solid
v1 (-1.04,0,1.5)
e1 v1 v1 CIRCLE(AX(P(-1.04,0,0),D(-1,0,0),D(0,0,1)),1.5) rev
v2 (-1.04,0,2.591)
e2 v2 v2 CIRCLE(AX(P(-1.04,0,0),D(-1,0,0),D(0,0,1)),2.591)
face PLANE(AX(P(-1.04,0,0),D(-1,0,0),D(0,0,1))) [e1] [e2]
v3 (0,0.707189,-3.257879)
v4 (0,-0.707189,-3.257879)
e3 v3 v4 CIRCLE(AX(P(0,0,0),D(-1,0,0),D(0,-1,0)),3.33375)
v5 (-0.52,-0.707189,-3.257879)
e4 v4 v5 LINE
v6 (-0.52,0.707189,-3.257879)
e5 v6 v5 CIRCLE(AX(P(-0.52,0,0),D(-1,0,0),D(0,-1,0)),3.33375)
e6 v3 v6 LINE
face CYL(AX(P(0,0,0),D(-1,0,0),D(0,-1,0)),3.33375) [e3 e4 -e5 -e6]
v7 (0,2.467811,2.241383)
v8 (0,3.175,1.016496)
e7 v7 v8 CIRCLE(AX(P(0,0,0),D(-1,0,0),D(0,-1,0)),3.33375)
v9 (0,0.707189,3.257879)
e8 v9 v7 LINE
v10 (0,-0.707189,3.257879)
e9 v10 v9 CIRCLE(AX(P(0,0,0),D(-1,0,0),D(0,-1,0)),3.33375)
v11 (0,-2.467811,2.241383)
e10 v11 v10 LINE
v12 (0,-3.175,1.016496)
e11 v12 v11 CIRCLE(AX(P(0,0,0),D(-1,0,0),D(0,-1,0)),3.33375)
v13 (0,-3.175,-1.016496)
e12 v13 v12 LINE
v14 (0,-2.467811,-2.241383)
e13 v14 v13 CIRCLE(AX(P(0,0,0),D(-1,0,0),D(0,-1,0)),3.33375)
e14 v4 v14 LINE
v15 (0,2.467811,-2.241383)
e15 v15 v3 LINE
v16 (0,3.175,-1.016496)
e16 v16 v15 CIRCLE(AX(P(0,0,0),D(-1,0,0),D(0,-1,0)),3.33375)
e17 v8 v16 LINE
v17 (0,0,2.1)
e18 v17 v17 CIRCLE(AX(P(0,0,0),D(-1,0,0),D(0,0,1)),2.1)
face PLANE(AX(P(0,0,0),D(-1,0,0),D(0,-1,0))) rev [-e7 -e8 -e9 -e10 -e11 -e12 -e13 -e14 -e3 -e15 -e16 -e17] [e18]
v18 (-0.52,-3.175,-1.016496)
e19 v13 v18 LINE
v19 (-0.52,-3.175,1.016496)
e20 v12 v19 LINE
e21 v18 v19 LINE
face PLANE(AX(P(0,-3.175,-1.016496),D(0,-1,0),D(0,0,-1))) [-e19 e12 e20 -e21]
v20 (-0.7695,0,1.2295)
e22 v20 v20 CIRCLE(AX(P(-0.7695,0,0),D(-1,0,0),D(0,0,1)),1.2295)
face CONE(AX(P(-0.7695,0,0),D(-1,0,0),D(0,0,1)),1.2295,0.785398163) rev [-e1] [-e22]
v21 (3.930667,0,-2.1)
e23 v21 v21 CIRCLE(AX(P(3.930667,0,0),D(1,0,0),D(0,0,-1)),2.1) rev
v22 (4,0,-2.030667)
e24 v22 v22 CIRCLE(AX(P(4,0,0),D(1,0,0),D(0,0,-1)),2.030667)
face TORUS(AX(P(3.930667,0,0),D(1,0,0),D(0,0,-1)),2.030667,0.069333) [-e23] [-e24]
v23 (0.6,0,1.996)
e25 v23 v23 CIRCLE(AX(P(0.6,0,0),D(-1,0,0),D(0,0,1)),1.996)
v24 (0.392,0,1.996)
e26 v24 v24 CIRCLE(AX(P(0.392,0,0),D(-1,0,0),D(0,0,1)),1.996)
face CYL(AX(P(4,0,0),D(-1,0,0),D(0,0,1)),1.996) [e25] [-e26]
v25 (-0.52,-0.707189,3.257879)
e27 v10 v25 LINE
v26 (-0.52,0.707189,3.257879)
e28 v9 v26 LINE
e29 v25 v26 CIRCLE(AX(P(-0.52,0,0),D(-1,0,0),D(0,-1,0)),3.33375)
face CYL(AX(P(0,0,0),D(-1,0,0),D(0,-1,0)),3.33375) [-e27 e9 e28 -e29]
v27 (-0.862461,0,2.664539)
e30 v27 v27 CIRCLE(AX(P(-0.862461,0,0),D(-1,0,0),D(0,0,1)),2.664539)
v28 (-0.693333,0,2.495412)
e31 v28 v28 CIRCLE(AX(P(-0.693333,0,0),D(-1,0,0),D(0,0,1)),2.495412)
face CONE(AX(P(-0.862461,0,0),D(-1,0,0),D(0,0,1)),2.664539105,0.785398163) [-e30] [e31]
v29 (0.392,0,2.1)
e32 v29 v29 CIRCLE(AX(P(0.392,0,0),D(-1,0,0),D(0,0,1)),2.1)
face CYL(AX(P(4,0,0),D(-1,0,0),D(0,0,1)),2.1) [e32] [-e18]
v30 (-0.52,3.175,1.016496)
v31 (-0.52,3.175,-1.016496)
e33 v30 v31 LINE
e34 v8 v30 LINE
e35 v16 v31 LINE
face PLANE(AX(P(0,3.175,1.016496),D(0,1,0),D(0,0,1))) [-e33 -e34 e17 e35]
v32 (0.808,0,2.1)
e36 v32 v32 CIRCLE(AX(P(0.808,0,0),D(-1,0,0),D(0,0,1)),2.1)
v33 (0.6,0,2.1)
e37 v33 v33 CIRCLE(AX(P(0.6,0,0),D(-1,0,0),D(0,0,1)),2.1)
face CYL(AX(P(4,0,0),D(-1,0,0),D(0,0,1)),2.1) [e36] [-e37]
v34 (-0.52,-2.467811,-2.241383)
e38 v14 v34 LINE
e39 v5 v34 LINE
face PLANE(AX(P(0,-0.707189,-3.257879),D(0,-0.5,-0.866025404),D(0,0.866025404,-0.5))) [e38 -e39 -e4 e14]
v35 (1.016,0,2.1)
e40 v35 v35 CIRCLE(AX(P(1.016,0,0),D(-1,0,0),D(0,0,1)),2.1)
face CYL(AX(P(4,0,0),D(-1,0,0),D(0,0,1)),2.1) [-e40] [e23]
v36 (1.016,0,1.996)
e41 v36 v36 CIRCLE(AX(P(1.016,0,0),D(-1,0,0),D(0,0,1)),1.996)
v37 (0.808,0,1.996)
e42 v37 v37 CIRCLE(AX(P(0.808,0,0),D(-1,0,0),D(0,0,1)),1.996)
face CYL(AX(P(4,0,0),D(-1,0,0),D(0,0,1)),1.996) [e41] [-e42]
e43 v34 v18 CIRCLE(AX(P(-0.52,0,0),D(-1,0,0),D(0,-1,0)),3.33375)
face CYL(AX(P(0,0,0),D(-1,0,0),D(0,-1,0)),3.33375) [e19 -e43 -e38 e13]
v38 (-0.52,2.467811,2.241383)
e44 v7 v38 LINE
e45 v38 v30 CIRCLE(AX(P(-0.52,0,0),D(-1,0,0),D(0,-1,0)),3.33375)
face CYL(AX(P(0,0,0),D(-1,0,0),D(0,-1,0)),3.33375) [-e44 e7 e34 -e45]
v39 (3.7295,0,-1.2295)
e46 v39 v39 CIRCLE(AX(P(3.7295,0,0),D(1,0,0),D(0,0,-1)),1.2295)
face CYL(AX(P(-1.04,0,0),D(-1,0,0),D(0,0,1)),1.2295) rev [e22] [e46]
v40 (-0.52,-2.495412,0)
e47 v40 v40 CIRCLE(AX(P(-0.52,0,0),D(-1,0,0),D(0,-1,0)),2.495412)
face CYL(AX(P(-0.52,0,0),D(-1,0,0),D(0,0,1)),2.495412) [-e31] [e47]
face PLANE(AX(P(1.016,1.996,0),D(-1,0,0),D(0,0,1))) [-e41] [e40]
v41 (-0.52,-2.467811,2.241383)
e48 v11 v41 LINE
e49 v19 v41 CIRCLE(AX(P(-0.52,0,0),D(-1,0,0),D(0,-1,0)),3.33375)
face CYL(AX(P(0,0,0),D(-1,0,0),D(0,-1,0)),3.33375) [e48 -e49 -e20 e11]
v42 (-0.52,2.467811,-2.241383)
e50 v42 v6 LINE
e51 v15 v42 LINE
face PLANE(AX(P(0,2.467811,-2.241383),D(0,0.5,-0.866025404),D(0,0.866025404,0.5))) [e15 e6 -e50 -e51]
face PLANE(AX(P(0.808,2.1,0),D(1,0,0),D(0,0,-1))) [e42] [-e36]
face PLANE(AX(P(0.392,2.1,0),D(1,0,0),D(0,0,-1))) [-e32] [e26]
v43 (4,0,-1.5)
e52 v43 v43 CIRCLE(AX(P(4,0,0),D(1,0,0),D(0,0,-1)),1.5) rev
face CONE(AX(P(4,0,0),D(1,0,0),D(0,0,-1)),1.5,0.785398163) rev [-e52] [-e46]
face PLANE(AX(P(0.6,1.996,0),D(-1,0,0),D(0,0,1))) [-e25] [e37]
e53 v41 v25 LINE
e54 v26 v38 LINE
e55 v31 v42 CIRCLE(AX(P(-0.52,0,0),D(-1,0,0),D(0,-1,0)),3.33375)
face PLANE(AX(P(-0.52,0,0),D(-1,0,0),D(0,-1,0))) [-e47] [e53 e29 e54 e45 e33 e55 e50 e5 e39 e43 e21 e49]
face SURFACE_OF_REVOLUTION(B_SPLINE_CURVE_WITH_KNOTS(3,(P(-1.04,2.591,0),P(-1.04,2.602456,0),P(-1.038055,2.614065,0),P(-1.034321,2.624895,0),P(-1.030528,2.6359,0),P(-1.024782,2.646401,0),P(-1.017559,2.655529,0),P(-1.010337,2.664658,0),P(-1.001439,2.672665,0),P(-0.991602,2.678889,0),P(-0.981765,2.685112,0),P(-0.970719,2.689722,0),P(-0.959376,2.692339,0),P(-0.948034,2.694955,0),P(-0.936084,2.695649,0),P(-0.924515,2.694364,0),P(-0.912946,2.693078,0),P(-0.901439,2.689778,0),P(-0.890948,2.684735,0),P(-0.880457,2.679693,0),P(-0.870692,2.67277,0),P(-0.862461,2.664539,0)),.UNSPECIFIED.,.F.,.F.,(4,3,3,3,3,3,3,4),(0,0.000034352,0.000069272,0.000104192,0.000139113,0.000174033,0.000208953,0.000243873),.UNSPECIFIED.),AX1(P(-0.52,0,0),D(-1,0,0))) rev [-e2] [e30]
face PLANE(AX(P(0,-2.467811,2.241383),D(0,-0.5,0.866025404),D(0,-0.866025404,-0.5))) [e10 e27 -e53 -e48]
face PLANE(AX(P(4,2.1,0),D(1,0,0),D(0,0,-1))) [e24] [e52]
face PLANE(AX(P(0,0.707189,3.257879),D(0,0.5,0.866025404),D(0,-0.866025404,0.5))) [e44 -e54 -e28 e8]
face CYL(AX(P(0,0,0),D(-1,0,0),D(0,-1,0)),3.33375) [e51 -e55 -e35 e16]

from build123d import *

# Parameters (mm, degrees)
BOSS_EXTRUDE1_DEPTH      = 0.52
M2_CLEARANCE_HOLE1_D     = 2.459
M2_CLEARANCE_HOLE1_DEPTH = 5.04
CHAMFER1_SIZE            = 0.2705
FILLET1_R                = 0.069333333


with BuildPart() as part:
    # Sketch1 → Boss-Extrude1 (new body)
    with BuildSketch(Plane(origin=(-0.52, 0, 0), x_dir=(0, -1, 0), z_dir=(-1, 0, 0))):
        with BuildLine():
            Line((-3.175, 1.016495973), (-3.175, -1.016495973))
            ThreePointArc((-3.175, -1.016495973), (-2.88711219, -1.666875), (-2.467811335, -2.241382671))
            Line((-2.467811335, -2.241382671), (-0.707188665, -3.257878643))
            ThreePointArc((-0.707188665, -3.257878643), (0, -3.33375), (0.707188665, -3.257878643))
            Line((0.707188665, -3.257878643), (2.467811335, -2.241382671))
            ThreePointArc((2.467811335, -2.241382671), (2.88711219, -1.666875), (3.175, -1.016495973))
            Line((3.175, -1.016495973), (3.175, 1.016495973))
            ThreePointArc((3.175, 1.016495973), (2.88711219, 1.666875), (2.467811335, 2.241382671))
            Line((2.467811335, 2.241382671), (0.707188665, 3.257878643))
            ThreePointArc((0.707188665, 3.257878643), (0, 3.33375), (-0.707188665, 3.257878643))
            Line((-0.707188665, 3.257878643), (-2.467811335, 2.241382671))
            ThreePointArc((-2.467811335, 2.241382671), (-2.88711219, 1.666875), (-3.175, 1.016495973))
        make_face()
    extrude(amount=-BOSS_EXTRUDE1_DEPTH)

    # Sketch2 → Revolve1 (revolve)
    with BuildSketch(Plane(origin=(0, 0, 0), x_dir=(-1, 0, 0), z_dir=(0, 0, -1))):
        with BuildLine():
            Line((0.52, 2.495411544), (0.52, 0))
            Line((0.52, 0), (1.04, 0))
            Line((1.04, 0), (1.04, 2.591))
            add(Edge.make_bspline(
                [(0.862460895, 2.664539105), (0.87069167, 2.672769881), (0.880457009, 2.679693108), (0.890948238, 2.684735472), (0.901439467, 2.689777836), (0.912945949, 2.693078411), (0.924514825, 2.694363876), (0.936083702, 2.69564934), (0.948034058, 2.694955148), (0.959376279, 2.692338786), (0.9707185, 2.689722424), (0.981765419, 2.68511173), (0.991602235, 2.678888517), (1.001439051, 2.672665304), (1.010337076, 2.664657929), (1.017559461, 2.655529485), (1.024781845, 2.646401041), (1.030527791, 2.635899755), (1.034321475, 2.624895242), (1.038055125, 2.614064874), (1.04, 2.602455872), (1.04, 2.591)],
                knots=[0, 0, 0, 0, 3.492e-05, 3.492e-05, 3.492e-05, 6.984e-05, 6.984e-05, 6.984e-05, 0.000104761, 0.000104761, 0.000104761, 0.000139681, 0.000139681, 0.000139681, 0.000174601, 0.000174601, 0.000174601, 0.000209521, 0.000209521, 0.000209521, 0.000243873, 0.000243873, 0.000243873, 0.000243873], degree=3))
            Line((0.862460895, 2.664539105), (0.693333333, 2.495411544))
            Line((0.693333333, 2.495411544), (0.52, 2.495411544))
        make_face()
    revolve(axis=Axis((-0.52, 0, 0), (-1, 0, 0)))

    # Sketch3 → Revolve2 (revolve)
    with BuildSketch(Plane(origin=(0, 0, 0), x_dir=(-1, 0, 0), z_dir=(0, 0, -1))):
        Polygon((-4, 2.1), (-4, 0), (0, 0), (0, 2.1), (-0.392, 2.1), (-0.392, 1.996), (-0.6, 1.996), (-0.6, 2.1), (-0.808, 2.1), (-0.808, 1.996), (-1.016, 1.996), (-1.016, 2.1), align=None)
    revolve(axis=Axis((4, 0, 0), (-1, 0, 0)))

    # M2 Clearance Hole1
    with Locations(Plane.ZY.offset(1.04)):
        with Locations((0, 0)):
            Hole(M2_CLEARANCE_HOLE1_D / 2, depth=M2_CLEARANCE_HOLE1_DEPTH)

    # Chamfer1
    chamfer1_edges = [part.edges().sort_by_distance(p)[0] for p in [
        (-1.04, 0, 1.2295),
        (4, 0, 1.2295),
    ]]
    chamfer(chamfer1_edges, length=CHAMFER1_SIZE)

    # Fillet1
    fillet1_edges = [part.edges().sort_by_distance(p)[0] for p in [
        (4, -2.1, 0),
    ]]
    fillet(fillet1_edges, radius=FILLET1_R)


solid = part.part
